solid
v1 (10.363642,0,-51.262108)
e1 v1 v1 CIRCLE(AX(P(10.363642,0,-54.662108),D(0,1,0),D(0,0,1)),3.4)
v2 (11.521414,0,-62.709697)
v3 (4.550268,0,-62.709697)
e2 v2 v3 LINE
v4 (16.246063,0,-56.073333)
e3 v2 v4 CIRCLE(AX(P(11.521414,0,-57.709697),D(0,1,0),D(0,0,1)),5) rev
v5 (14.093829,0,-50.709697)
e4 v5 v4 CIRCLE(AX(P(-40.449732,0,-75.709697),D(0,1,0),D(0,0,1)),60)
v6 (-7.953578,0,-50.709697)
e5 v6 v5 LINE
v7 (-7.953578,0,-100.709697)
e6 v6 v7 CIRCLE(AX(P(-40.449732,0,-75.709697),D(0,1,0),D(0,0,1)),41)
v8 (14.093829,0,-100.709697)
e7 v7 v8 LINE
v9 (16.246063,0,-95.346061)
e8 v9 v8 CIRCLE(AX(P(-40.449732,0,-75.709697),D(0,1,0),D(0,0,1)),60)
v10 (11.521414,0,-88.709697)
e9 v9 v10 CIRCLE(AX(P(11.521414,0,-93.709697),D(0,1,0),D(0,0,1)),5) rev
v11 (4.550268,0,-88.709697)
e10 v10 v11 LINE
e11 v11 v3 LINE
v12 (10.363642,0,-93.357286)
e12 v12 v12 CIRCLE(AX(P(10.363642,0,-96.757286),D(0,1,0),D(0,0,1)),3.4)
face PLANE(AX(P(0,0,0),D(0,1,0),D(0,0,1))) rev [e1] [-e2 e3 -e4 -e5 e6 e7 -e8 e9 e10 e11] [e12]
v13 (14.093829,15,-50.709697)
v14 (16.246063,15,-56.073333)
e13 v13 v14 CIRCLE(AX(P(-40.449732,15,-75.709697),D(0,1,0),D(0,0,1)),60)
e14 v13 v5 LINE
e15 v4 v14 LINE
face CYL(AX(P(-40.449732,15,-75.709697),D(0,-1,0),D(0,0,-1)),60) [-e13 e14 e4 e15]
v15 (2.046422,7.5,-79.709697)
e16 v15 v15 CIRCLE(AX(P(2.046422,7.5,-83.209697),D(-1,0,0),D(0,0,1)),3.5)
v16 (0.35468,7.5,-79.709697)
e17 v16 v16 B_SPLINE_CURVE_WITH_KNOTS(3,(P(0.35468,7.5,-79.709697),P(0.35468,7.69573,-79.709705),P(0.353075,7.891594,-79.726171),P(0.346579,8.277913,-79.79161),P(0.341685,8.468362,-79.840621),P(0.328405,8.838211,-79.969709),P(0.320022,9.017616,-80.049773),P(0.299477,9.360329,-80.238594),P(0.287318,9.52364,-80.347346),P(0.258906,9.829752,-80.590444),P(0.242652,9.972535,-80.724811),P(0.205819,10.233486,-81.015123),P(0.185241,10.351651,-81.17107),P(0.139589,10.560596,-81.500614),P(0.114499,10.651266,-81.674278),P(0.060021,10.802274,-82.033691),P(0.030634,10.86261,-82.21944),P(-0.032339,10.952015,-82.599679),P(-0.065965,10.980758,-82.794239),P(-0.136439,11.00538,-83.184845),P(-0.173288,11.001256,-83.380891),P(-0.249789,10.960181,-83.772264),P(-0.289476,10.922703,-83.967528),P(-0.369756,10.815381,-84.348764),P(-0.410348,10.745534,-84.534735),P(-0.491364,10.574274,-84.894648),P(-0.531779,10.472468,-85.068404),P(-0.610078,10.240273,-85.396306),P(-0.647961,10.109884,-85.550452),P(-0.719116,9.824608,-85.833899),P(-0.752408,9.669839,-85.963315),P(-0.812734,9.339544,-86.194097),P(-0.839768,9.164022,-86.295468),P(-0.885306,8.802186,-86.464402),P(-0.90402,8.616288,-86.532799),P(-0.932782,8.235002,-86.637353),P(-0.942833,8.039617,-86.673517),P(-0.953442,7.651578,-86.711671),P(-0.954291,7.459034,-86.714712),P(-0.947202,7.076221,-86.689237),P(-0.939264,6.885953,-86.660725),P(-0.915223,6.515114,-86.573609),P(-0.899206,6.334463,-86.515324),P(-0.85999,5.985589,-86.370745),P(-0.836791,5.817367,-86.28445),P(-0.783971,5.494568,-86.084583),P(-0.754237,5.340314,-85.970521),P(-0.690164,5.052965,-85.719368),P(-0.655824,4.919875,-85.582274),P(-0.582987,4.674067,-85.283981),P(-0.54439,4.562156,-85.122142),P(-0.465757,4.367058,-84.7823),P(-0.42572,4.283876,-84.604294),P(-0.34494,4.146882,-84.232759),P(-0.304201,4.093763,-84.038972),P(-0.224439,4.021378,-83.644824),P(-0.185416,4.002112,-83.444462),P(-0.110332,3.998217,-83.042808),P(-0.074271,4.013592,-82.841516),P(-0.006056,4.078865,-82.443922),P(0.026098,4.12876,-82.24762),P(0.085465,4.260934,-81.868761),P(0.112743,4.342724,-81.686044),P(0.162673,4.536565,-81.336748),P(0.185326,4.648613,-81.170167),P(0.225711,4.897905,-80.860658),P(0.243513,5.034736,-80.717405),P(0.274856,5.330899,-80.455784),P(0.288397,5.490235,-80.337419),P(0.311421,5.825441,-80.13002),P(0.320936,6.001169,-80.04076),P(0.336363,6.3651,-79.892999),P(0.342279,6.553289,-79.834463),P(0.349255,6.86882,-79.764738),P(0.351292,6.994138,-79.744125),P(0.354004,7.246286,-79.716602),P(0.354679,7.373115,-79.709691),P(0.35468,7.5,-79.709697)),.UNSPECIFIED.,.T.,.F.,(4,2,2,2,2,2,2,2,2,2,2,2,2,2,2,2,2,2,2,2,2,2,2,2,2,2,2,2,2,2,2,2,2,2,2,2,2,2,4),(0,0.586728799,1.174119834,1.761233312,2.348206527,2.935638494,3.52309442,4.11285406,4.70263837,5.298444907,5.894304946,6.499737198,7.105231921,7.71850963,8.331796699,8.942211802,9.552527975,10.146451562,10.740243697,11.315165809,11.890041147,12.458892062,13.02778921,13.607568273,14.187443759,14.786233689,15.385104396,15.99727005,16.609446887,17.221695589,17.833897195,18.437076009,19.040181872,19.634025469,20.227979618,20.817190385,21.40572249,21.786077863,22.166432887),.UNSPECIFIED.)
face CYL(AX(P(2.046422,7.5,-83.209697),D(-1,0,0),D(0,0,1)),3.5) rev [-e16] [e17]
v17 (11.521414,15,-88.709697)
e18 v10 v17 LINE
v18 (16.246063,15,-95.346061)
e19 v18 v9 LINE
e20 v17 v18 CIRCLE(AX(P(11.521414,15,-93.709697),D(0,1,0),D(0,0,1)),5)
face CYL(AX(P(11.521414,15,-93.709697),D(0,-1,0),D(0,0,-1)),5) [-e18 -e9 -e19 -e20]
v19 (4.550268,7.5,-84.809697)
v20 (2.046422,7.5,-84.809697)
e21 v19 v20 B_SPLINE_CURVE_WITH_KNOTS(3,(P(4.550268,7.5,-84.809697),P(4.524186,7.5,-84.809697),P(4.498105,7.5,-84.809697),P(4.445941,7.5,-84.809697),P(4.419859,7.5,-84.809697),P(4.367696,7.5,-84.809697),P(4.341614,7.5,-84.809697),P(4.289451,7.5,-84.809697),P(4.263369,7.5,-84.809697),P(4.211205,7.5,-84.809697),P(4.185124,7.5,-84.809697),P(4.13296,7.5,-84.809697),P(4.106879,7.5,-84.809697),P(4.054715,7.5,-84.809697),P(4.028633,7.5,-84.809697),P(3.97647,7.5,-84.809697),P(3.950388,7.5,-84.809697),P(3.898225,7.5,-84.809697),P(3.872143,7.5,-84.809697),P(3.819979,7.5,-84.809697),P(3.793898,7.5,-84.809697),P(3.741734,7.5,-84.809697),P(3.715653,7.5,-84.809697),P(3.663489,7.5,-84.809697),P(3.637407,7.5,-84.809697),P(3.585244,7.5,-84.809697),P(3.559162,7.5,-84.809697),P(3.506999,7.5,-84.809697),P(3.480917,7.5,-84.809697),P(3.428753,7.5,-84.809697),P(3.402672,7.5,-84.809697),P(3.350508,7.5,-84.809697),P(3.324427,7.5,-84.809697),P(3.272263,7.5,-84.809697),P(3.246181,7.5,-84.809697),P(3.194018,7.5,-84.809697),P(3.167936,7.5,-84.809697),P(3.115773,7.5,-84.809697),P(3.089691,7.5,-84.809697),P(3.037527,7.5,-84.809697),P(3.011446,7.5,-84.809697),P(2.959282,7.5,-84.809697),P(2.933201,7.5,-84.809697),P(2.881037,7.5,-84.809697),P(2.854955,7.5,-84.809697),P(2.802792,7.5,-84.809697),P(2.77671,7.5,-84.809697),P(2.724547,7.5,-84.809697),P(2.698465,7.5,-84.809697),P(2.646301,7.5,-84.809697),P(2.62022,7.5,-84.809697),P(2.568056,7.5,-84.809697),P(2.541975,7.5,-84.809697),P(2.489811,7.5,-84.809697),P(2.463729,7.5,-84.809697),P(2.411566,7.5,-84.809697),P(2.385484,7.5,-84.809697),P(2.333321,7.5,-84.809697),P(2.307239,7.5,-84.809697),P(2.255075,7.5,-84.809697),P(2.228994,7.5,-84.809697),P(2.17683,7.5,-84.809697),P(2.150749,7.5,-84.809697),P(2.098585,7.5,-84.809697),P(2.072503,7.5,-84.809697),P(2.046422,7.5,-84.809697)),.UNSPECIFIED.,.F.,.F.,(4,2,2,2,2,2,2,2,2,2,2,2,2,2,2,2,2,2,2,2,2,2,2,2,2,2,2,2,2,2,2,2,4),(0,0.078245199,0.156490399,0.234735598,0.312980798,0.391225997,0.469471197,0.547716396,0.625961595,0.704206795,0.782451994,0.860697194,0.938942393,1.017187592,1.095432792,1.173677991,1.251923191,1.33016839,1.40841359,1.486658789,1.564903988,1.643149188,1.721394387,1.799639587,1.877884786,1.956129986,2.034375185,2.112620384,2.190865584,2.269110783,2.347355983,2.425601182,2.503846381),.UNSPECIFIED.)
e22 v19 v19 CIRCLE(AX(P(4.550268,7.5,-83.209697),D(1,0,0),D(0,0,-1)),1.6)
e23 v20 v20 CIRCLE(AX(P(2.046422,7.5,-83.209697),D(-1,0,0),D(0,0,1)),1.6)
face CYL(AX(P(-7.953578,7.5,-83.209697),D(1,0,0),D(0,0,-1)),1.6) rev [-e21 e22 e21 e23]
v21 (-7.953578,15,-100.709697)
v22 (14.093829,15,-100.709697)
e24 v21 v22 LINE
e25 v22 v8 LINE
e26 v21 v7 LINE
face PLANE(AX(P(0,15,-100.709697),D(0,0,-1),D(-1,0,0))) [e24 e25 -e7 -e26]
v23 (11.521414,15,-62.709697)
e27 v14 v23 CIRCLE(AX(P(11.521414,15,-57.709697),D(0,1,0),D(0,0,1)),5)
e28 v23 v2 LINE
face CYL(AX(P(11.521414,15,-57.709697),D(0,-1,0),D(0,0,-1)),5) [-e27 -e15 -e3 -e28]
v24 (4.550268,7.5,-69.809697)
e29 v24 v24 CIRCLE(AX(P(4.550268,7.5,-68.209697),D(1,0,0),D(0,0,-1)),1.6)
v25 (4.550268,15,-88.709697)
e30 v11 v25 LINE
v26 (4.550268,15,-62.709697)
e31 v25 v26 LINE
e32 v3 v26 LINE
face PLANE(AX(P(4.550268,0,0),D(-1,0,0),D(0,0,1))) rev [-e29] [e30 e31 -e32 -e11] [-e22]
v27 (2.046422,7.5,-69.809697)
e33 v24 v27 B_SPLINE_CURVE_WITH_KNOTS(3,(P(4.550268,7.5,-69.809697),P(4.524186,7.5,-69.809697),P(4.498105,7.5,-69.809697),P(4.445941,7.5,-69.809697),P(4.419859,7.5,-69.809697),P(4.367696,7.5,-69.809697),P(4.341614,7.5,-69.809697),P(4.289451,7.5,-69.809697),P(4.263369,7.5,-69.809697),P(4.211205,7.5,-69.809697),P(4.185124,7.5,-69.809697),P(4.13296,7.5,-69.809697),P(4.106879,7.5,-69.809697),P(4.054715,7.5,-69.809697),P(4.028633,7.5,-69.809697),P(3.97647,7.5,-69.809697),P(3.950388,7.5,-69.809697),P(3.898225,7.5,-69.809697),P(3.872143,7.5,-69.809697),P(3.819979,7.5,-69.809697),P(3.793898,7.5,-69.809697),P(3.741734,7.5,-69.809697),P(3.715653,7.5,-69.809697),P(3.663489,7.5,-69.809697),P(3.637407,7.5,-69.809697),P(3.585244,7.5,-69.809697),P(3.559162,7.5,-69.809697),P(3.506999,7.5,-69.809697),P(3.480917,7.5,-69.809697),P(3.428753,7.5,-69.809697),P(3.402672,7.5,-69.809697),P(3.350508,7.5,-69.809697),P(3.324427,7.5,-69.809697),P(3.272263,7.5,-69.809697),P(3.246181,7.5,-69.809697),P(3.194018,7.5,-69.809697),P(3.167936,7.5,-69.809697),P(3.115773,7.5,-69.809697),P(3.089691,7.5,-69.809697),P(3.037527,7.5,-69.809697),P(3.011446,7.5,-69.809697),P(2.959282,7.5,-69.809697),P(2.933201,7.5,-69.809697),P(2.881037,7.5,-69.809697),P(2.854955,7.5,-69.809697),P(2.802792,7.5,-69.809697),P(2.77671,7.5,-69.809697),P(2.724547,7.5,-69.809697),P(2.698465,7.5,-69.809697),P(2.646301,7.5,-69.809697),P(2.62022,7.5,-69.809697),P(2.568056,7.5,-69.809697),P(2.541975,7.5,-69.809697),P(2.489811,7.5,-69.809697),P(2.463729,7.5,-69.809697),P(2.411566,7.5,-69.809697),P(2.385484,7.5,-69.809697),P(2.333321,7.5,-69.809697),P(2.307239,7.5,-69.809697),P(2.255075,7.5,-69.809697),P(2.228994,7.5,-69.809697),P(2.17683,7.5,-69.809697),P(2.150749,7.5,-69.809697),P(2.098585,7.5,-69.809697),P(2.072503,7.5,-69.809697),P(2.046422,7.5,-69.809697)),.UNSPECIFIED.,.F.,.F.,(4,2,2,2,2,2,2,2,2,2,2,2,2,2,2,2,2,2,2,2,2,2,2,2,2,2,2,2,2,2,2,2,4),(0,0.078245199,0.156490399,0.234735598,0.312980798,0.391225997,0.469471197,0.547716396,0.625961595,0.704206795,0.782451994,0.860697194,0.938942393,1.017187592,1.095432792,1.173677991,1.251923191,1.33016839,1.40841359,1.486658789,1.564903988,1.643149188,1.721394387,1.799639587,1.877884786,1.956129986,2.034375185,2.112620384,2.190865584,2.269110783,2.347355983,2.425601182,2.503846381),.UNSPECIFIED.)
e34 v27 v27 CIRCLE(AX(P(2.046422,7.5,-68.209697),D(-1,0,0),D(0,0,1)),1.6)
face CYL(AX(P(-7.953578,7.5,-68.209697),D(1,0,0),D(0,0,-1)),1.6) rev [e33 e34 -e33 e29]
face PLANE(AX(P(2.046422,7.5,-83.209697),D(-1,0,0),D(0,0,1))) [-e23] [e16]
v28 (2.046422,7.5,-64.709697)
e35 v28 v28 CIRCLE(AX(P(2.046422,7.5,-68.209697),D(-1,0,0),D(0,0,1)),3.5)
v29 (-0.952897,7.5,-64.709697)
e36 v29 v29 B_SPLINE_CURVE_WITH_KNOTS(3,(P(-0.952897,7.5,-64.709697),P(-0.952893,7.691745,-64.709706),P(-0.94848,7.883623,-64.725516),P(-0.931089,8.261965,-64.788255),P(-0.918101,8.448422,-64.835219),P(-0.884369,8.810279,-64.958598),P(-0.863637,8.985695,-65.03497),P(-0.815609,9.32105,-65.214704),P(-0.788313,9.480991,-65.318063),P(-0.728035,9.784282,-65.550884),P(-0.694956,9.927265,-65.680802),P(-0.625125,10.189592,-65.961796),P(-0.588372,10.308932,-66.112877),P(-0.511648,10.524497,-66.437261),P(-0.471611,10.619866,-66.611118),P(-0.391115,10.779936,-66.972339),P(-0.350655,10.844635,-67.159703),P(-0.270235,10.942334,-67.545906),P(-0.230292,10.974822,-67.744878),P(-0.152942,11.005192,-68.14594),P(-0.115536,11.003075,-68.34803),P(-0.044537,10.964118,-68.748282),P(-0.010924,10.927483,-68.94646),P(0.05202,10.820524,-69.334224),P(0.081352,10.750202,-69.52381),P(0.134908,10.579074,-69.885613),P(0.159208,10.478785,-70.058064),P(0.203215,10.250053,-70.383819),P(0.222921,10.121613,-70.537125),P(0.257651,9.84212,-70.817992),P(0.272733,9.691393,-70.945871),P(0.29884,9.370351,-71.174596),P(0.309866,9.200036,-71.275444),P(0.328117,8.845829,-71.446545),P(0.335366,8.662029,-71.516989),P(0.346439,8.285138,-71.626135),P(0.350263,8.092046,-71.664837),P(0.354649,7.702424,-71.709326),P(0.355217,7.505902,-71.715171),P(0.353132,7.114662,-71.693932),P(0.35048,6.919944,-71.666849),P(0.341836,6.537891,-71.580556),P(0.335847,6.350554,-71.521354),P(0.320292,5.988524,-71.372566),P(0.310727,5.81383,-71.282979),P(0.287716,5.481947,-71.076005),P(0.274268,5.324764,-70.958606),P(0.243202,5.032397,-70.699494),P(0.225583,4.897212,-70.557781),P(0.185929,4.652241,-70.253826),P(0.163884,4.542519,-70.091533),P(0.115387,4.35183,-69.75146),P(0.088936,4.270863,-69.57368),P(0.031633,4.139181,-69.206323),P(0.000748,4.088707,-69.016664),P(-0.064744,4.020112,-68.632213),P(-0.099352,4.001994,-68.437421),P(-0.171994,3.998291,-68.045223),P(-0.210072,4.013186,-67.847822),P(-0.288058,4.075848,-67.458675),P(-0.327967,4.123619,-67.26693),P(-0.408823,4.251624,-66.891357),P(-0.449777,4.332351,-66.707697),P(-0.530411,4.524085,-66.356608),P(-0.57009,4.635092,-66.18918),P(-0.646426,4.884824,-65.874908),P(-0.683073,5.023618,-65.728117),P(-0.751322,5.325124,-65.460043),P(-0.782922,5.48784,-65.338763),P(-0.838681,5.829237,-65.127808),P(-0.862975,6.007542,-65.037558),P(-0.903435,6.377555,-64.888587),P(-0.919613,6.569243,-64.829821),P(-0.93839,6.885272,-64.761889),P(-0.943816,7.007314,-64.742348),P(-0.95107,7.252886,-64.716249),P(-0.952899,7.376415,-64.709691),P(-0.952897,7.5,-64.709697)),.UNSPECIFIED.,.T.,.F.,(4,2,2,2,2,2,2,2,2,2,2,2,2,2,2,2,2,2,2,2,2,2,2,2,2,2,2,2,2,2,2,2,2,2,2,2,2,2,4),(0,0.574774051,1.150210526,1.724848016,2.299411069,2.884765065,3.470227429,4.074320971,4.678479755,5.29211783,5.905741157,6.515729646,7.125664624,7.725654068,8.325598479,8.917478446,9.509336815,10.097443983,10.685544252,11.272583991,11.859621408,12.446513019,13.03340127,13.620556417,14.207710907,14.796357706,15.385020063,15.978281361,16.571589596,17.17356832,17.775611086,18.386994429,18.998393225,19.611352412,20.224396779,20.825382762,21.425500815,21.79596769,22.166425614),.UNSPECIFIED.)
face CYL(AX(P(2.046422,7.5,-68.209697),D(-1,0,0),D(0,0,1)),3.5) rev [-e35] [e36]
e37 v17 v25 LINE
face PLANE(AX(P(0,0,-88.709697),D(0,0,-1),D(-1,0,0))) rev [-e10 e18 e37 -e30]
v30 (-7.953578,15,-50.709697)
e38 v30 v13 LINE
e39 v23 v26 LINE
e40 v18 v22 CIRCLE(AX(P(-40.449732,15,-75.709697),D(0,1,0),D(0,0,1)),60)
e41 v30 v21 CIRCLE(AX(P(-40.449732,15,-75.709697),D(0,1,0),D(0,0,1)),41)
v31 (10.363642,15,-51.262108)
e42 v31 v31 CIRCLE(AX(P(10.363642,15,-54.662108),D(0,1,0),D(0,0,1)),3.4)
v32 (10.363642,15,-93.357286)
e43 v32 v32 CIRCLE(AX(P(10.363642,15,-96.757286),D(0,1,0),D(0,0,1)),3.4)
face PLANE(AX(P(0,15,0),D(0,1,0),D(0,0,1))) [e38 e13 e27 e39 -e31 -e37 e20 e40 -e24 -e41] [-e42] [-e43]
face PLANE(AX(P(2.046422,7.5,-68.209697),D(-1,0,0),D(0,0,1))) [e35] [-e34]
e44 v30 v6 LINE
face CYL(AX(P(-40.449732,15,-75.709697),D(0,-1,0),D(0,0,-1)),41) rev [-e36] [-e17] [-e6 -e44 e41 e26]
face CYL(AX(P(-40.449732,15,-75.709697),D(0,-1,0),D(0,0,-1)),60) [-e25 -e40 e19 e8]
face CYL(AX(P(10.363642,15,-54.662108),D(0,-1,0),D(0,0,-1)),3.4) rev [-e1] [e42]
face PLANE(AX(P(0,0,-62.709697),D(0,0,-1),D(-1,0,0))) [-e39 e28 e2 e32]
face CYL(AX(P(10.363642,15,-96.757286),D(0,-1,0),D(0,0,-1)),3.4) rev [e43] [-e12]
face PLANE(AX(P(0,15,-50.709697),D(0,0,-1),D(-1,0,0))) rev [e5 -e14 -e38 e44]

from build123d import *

# Parameters (mm, degrees)
SKETCH_1_R          = 3.4
EXTRUDE_2_DEPTH     = 15
CUT_EXTRUDE_1_DEPTH = 104.680547991
CUT_EXTRUDE_2_DEPTH = 103.721548766
CUT_EXTRUDE_START   = -10
SKETCH_6_R          = 3.5
SKETCH_6_R_2        = 1.6
CUT_EXTRUDE_3_DEPTH = 10
FILLET_1_R          = 5


with BuildPart() as part:
    # 草图1 → 凸台-拉伸2 (new body)
    with BuildSketch(Plane(origin=(0, 0, 0), x_dir=(1, 0, 0), z_dir=(0, 1, 0))):
        with BuildLine():
            ThreePointArc((-7.95357839, 100.709696918), (0.550267992, 75.709696918), (-7.95357839, 50.709696918))
            Line((-7.95357839, 50.709696918), (14.093828565, 50.709696918))
            ThreePointArc((14.093828565, 50.709696918), (19.550267992, 75.709696918), (14.093828565, 100.709696918))
            Line((14.093828565, 100.709696918), (-7.95357839, 100.709696918))
        make_face()
        with Locations(Location((10.36364228, 96.757285698, 0), (0, 0, 270))):
            Circle(SKETCH_1_R, mode=Mode.SUBTRACT)
        with Locations(Location((10.36364228, 54.662108138, 0), (0, 0, 270))):
            Circle(SKETCH_1_R, mode=Mode.SUBTRACT)
    extrude(amount=EXTRUDE_2_DEPTH)

    # 草图2 → 切除-拉伸1 (cut, through all)
    with BuildSketch(Plane(origin=(0, 15, 0), x_dir=(1, 0, 0), z_dir=(0, 1, 0))):
        with BuildLine():
            Line((4.550267992, 88.709696918), (4.550267992, 75.709696918))
            Line((4.550267992, 75.709696918), (19.550267992, 75.709696918))
            ThreePointArc((19.550267992, 75.709696918), (19.192888302, 82.248645039), (18.125006574, 88.709696918))
            Line((18.125006574, 88.709696918), (4.550267992, 88.709696918))
        make_face()
        with BuildLine():
            Line((19.550267992, 75.709696918), (4.550267992, 75.709696918))
            Line((4.550267992, 75.709696918), (4.550267992, 62.709696918))
            Line((4.550267992, 62.709696918), (18.125006574, 62.709696918))
            ThreePointArc((18.125006574, 62.709696918), (19.192888302, 69.170748797), (19.550267992, 75.709696918))
        make_face()
    extrude(amount=-CUT_EXTRUDE_1_DEPTH, mode=Mode.SUBTRACT)

    # 草图4 → 切除-拉伸2 (cut, through all)
    with BuildSketch(Plane(origin=(4.550267992, 0, 0), x_dir=(0, 0, -1), z_dir=(1, 0, 0))):
        with BuildLine():
            ThreePointArc((84.809696918, 7.5), (83.209696918, 9.1), (81.609696918, 7.5))
            Line((81.609696918, 7.5), (84.809696918, 7.5))
        make_face()
        with BuildLine():
            Line((84.809696918, 7.5), (81.609696918, 7.5))
            ThreePointArc((81.609696918, 7.5), (83.209696918, 5.9), (84.809696918, 7.5))
        make_face()
        with BuildLine():
            ThreePointArc((69.809696918, 7.5), (68.209696918, 9.1), (66.609696918, 7.5))
            Line((66.609696918, 7.5), (69.809696918, 7.5))
        make_face()
        with BuildLine():
            Line((69.809696918, 7.5), (66.609696918, 7.5))
            ThreePointArc((66.609696918, 7.5), (68.209696918, 5.9), (69.809696918, 7.5))
        make_face()
    extrude(amount=-CUT_EXTRUDE_2_DEPTH, mode=Mode.SUBTRACT)

    # 草图6 → 切除-拉伸3 (cut)
    # profile 1 of 2: a face of its own
    with BuildSketch(Plane.ZY.offset(7.95357839).offset(CUT_EXTRUDE_START)):
        with Locations((-83.209696918, 7.5)):
            Circle(SKETCH_6_R)
        with Locations(Location((-83.209696918, 7.5, 0), (0, 0, 180))):
            Circle(SKETCH_6_R_2, mode=Mode.SUBTRACT)
    # profile 2 of 2: a face of its own
    with BuildSketch(Plane.ZY.offset(7.95357839).offset(CUT_EXTRUDE_START)):
        with Locations((-68.209696918, 7.5)):
            Circle(SKETCH_6_R)
        with Locations(Location((-68.209696918, 7.5, 0), (0, 0, 180))):
            Circle(SKETCH_6_R_2, mode=Mode.SUBTRACT)
    extrude(amount=CUT_EXTRUDE_3_DEPTH, mode=Mode.SUBTRACT)

    # 圆角1
    fillet_1_edges = [part.edges().sort_by_distance(p)[0] for p in [
        (18.125006574, 7.5, -88.709696918),
        (18.125006574, 7.5, -62.709696918),
    ]]
    fillet(fillet_1_edges, radius=FILLET_1_R)


solid = part.part
